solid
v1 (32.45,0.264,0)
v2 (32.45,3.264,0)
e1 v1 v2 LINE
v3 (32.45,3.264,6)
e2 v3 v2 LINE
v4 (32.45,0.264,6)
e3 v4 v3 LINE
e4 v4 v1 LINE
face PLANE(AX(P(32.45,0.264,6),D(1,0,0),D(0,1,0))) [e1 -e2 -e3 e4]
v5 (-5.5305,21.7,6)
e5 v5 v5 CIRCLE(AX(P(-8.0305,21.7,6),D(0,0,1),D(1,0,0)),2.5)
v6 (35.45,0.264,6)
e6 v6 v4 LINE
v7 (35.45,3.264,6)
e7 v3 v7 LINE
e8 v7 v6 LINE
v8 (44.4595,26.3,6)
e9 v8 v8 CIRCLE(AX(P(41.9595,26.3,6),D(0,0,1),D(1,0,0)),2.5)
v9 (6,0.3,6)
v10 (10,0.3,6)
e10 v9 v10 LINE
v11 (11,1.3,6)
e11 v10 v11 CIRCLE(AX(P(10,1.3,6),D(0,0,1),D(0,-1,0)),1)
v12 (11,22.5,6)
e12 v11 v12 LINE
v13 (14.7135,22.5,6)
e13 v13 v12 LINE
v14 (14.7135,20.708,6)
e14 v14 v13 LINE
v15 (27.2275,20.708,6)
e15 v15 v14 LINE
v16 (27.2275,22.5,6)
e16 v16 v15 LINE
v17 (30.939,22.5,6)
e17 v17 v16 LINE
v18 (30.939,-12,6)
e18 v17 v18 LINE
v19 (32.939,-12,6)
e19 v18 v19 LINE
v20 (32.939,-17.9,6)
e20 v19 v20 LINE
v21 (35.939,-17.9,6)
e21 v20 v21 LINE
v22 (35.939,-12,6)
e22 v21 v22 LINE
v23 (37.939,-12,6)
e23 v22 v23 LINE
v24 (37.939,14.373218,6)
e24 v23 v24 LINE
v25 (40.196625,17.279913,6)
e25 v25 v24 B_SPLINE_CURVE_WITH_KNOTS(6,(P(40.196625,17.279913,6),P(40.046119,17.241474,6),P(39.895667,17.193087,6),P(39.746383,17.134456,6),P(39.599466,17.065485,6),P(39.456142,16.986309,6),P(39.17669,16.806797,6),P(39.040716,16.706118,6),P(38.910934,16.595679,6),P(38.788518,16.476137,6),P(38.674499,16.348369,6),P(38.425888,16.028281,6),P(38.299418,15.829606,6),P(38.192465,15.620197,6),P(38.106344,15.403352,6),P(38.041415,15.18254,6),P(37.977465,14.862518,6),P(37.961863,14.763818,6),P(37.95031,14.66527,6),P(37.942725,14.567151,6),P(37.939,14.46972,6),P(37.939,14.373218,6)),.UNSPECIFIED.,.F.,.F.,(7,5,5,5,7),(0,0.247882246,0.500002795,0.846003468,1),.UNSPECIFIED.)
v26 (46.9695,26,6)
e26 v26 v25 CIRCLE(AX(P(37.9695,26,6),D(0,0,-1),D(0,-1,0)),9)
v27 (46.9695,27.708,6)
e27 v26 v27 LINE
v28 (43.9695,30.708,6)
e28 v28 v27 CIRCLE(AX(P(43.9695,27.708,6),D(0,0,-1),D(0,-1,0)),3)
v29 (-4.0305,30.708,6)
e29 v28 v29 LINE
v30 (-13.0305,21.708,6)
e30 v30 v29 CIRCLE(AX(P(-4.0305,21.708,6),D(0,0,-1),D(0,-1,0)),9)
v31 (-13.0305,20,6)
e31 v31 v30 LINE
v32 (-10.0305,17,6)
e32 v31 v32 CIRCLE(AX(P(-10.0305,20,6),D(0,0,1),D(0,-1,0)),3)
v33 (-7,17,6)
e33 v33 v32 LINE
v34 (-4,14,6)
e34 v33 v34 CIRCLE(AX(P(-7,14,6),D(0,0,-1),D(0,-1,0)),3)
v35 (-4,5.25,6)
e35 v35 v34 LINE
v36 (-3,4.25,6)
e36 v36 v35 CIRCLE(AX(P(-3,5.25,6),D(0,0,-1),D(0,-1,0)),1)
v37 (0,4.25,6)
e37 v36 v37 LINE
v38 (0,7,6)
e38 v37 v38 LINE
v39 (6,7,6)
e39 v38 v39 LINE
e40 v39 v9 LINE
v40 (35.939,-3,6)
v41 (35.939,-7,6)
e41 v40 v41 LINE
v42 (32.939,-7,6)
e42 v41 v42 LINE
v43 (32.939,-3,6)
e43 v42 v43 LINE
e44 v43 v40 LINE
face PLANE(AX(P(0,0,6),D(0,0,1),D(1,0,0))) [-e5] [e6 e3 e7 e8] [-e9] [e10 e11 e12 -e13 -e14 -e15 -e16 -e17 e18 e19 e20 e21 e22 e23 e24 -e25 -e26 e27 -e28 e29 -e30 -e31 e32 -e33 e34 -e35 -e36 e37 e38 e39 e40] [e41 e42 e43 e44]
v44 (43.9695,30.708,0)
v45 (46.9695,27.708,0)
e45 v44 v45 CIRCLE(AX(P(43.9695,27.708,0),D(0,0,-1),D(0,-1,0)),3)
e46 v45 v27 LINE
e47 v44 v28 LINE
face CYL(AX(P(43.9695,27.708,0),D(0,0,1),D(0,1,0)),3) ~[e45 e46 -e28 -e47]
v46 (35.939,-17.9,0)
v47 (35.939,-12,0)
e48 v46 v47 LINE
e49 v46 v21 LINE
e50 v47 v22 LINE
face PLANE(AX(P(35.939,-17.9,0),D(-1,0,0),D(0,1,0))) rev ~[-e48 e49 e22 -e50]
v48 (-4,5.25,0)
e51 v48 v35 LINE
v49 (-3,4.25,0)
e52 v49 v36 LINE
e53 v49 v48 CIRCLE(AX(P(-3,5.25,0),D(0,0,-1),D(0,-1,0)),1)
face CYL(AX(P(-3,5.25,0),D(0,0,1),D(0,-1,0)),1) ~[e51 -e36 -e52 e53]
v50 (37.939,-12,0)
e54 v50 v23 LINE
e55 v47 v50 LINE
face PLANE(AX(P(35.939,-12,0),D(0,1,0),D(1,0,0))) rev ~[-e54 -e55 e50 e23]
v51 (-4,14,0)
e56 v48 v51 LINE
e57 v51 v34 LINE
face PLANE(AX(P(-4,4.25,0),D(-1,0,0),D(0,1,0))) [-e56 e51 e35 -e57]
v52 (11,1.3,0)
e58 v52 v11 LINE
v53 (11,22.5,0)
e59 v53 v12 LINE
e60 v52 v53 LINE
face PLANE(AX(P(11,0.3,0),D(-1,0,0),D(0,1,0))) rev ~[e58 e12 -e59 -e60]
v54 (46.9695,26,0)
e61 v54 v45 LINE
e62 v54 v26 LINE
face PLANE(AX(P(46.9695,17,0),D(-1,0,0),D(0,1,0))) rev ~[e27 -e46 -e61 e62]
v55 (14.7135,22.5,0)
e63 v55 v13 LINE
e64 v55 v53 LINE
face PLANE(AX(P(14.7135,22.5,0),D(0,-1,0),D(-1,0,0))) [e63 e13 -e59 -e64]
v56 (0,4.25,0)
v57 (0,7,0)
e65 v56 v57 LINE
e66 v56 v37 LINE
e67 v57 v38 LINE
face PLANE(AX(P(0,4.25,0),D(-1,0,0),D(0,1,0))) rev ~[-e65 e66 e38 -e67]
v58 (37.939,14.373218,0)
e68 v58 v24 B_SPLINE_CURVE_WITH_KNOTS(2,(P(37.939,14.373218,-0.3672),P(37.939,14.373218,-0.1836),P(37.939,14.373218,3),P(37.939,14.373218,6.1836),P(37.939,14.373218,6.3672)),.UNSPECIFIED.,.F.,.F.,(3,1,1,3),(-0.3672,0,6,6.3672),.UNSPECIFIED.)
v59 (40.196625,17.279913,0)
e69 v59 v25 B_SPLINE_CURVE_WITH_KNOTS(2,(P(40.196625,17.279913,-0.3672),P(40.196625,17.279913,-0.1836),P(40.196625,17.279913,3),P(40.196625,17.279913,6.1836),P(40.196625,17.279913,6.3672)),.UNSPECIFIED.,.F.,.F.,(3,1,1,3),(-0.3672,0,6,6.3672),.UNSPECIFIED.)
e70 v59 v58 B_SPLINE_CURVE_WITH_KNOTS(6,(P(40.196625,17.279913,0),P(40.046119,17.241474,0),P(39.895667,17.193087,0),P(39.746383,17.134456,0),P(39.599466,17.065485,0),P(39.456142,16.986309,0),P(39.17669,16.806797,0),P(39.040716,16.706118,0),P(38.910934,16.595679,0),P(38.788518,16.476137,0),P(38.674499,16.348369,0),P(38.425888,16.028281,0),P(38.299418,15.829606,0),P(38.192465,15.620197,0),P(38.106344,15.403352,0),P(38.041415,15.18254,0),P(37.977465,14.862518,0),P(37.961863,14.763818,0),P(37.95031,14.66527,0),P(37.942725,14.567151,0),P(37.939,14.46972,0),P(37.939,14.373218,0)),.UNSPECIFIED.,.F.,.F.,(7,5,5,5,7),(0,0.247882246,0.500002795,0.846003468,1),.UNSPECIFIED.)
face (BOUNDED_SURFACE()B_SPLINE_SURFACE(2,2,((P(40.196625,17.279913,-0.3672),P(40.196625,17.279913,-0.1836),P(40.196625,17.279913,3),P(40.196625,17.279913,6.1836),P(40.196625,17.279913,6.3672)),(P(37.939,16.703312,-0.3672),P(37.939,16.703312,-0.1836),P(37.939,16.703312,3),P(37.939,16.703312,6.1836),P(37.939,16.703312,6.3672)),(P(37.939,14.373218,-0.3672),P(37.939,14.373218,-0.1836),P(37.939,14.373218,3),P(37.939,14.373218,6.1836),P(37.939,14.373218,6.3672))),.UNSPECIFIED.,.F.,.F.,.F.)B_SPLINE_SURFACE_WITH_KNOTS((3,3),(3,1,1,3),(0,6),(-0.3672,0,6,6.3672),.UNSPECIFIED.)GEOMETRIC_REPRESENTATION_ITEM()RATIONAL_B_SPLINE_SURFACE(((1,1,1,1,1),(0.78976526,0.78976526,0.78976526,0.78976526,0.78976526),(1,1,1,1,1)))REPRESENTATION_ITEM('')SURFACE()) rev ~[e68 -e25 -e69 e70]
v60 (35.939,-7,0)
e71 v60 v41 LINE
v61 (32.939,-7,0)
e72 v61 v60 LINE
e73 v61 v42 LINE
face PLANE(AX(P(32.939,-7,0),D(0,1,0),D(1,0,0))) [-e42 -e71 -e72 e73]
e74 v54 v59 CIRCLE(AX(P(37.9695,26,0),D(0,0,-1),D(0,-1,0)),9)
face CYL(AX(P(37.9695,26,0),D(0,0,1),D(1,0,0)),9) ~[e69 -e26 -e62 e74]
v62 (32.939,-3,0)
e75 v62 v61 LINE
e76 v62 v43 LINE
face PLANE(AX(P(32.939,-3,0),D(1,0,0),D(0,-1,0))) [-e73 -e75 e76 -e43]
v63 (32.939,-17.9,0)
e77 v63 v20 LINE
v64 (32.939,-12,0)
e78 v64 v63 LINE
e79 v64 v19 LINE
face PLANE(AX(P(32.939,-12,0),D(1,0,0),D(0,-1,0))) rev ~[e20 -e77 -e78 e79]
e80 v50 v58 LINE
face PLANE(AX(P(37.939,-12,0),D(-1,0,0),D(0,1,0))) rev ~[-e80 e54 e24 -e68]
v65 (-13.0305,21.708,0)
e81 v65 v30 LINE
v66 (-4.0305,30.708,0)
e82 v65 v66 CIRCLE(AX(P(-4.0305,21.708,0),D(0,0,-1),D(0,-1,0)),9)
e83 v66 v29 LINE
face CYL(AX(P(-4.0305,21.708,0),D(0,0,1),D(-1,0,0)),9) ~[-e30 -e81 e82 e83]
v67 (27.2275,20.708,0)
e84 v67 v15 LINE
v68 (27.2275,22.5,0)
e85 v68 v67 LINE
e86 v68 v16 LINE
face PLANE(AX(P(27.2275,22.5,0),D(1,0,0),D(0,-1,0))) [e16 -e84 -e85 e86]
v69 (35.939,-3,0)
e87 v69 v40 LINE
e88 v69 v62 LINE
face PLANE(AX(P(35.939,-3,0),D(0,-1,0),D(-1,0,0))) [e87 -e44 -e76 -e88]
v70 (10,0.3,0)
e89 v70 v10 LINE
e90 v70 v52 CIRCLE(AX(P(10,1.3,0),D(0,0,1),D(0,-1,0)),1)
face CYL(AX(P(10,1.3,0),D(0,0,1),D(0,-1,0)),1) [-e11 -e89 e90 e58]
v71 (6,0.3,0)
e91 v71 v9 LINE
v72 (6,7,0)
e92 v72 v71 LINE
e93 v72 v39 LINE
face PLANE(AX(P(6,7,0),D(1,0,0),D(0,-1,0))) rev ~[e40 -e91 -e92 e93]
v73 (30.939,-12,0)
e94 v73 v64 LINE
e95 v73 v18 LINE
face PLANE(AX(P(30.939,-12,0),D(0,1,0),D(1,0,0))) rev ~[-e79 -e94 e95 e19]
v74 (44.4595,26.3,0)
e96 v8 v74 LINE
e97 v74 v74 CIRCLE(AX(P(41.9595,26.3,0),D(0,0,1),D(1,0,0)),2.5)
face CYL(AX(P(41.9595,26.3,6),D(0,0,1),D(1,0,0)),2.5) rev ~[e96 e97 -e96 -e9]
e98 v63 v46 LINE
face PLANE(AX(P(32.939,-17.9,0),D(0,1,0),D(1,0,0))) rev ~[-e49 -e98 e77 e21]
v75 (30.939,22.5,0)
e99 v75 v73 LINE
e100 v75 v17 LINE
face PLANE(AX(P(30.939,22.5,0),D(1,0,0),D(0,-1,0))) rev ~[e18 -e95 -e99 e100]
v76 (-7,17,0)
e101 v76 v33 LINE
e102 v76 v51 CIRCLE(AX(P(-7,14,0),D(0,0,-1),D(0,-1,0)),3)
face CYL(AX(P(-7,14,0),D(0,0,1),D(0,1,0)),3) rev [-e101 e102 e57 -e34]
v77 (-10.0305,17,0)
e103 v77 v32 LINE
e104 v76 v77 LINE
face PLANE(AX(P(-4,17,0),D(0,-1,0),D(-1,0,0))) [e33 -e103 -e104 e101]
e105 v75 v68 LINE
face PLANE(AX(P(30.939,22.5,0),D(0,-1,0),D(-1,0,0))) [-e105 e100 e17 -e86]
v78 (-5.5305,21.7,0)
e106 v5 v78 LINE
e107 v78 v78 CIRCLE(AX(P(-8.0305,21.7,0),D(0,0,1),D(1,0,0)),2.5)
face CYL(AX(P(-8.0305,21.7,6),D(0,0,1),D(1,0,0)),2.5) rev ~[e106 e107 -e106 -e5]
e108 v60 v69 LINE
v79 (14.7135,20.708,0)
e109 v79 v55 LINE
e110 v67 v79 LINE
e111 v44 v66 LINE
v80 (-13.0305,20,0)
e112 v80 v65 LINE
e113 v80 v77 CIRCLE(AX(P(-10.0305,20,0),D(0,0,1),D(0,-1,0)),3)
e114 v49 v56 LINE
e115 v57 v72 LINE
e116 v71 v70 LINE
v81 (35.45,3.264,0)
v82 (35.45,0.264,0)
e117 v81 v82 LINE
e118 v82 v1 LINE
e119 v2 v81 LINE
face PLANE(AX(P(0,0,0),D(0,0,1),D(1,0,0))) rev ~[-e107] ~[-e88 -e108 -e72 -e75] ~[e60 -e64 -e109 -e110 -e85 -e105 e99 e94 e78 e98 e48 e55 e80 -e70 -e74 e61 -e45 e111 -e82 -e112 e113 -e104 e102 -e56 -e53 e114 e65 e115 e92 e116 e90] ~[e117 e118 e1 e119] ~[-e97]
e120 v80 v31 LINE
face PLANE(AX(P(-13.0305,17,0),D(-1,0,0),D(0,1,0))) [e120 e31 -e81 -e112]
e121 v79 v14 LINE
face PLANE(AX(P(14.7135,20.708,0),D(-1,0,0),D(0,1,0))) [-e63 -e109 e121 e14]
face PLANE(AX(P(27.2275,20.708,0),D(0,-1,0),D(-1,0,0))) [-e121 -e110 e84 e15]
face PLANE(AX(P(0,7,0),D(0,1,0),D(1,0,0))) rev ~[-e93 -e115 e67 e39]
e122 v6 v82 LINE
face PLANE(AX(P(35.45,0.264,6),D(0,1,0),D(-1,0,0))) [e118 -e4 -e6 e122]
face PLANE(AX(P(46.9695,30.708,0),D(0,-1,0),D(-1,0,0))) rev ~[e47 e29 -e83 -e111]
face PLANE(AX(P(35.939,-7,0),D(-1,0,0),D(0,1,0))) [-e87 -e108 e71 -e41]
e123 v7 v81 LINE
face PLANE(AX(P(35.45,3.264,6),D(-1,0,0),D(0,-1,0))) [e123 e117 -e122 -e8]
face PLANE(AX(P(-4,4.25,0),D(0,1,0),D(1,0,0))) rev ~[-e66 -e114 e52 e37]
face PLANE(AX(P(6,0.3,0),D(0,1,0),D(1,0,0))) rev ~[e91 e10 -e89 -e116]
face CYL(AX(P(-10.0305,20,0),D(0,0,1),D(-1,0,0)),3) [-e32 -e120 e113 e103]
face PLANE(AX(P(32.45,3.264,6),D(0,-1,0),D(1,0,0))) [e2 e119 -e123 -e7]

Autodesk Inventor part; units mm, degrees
ref_plane "YZ Plane" through (0, 0, 0) normal (1, 0, 0) x (0, 1, 0)
ref_plane "XZ Plane" through (0, 0, 0) normal (0, 1, 0) x (-1, 0, 0)
ref_plane "XY Plane" through (0, 0, 0) normal (0, 0, 1) x (1, 0, 0)
sketch "Sketch1" plane through (0, 0, 0) normal (0, 0, 1) x (1, 0, 0)
  line L0 (0, 4.25) -> (0, 7)
  line L1 (0, 7) -> (6, 7)
  line L2 (6, 7) -> (6, 0.3)
  line L3 (6, 0.3) -> (11, 0.3)
  line L4 (11, 0.3) -> (11, 22.5)
  line L5 (-4, 4.25) -> (0, 4.25)
  line L6 (30.939, 22.5) -> (27.2275, 22.5)
  line L7 (27.2275, 22.5) -> (27.2275, 20.708)
  line L8 (27.2275, 20.708) -> (14.7135, 20.708)
  line L9 (14.7135, 20.708) -> (14.7135, 22.5)
  line L10 (14.7135, 22.5) -> (11, 22.5)
  line L11 (30.939, 22.5) -> (30.939, -12)
  line L12 (30.939, -12) -> (32.939, -12)
  line L13 (32.939, -12) -> (32.939, -17.9)
  line L14 (32.939, -17.9) -> (35.939, -17.9)
  line L15 (35.939, -17.9) -> (35.939, -12)
  line L16 (35.939, -12) -> (37.939, -12)
  line L17 (37.939, -12) -> (37.939, 17)
  line L18 (37.939, 17) -> (46.9695, 17)
  line L19 (46.9695, 17) -> (46.9695, 30.708)
  line L20 (-4, 4.25) -> (-4, 17)
  line L21 (-4, 17) -> (-13.0305, 17)
  line L22 (-13.0305, 17) -> (-13.0305, 30.708)
  line L23 (46.9695, 30.708) -> (-13.0305, 30.708)
  dimension "d0" = 6
  dimension "d1" = 6.7
  dimension "d3" = 5
  dimension "d10" = 4
  dimension "d12" = 2.75
  dimension "d15" = 1.792
  dimension "d20" = 3
  dimension "d21" = 2
  dimension "d22" = 5.9
  dimension "d23" = 12.514
  dimension "d24" = 19.939
  dimension "d25" = 3.7135
  dimension "d42" = 13.708
  dimension "d43" = 19
  dimension "d48" = 7
  dimension "d50" = 60
  dimension "d51" = 41.939
  dimension "d52" = 9.0305
  dimension "d65" = 10
  dimension "d66" = 29
extrude "Extrusion1" add sketch "Sketch1" along normal blind 6
sketch "Sketch2" plane through (0, 0, 6) normal (0, 0, 1) x (1, 0, 0)
  line L0 (35.45, 0.264) -> (32.45, 0.264)
  line L1 (32.45, 0.264) -> (32.45, 3.264)
  line L2 (32.45, 3.264) -> (35.45, 3.264)
  line L3 (35.45, 3.264) -> (35.45, 0.264)
  line L4 (34.939, 35.708) -> (-1, 35.708) projected
  line L5 (30.939, 22.5) -> (30.939, -12) projected
  line L6 (32.939, -17.9) -> (35.939, -17.9) projected
  point P0 (0, 0)
  dimension "d26" = 3
  dimension "d27" = 3
  dimension "d61" = 18.164
  dimension "d62" = 1.511
extrude "Extrusion2" cut sketch "Sketch2" against normal blind 10
sketch "Sketch3" plane through (0, 0, 0) normal (0, 0, -1) x (-1, 0, 0)
  line L0 (-32.939, -7) -> (-35.939, -7)
  line L1 (-35.939, -7) -> (-35.939, -3)
  line L2 (-35.939, -3) -> (-32.939, -3)
  line L3 (-32.939, -3) -> (-32.939, -7)
  line L4 (-35.939, -12) -> (-37.939, -12) projected
  line L5 (-37.939, -12) -> (-37.939, 17) projected
  point P0 (0, 0)
  dimension "d32" = 3
  dimension "d33" = 4
  dimension "d34" = 5
  dimension "d63" = 2
extrude "Extrusion3" cut sketch "Sketch3" against normal blind 10
fillet "Fillet4" radius 1 2 edges at (11, 0.3, 3) (-4, 4.25, 3)
sketch "Sketch4" plane through (0, 0, 6) normal (0, 0, 1) x (1, 0, 0)
  circle A0 centre (41.9595, 26.3) radius 2.5
  circle A1 centre (-8.0305, 21.7) radius 2.5
  line L0 (-13.0305, 30.708) -> (-13.0305, 17) projected
  line L1 (-13.0305, 17) -> (-4, 17) projected
  line L2 (46.9695, 17) -> (46.9695, 30.708) projected
  line L3 (37.939, 17) -> (46.9695, 17) projected
  point P0 (0, 0)
  dimension "d45" = 5
  dimension "d46" = 5
  dimension "d53" = 5
  dimension "d67" = 4.7
  dimension "d70" = 5.01
  dimension "d71" = 9.3
extrude "Extrusion4" cut sketch "Sketch4" against normal blind 10
fillet "Fillet6" radius 9 2 edges at (-13.0305, 30.708, 3) (46.9695, 17, 3)
fillet "Fillet7" radius 3 4 edges at (37.939, 17, 3) (46.9695, 30.708, 3) (-4, 17, 3) (-13.0305, 17, 3)
properties part number "Gripper V 10.1 servo bracket bottom 6mm"
